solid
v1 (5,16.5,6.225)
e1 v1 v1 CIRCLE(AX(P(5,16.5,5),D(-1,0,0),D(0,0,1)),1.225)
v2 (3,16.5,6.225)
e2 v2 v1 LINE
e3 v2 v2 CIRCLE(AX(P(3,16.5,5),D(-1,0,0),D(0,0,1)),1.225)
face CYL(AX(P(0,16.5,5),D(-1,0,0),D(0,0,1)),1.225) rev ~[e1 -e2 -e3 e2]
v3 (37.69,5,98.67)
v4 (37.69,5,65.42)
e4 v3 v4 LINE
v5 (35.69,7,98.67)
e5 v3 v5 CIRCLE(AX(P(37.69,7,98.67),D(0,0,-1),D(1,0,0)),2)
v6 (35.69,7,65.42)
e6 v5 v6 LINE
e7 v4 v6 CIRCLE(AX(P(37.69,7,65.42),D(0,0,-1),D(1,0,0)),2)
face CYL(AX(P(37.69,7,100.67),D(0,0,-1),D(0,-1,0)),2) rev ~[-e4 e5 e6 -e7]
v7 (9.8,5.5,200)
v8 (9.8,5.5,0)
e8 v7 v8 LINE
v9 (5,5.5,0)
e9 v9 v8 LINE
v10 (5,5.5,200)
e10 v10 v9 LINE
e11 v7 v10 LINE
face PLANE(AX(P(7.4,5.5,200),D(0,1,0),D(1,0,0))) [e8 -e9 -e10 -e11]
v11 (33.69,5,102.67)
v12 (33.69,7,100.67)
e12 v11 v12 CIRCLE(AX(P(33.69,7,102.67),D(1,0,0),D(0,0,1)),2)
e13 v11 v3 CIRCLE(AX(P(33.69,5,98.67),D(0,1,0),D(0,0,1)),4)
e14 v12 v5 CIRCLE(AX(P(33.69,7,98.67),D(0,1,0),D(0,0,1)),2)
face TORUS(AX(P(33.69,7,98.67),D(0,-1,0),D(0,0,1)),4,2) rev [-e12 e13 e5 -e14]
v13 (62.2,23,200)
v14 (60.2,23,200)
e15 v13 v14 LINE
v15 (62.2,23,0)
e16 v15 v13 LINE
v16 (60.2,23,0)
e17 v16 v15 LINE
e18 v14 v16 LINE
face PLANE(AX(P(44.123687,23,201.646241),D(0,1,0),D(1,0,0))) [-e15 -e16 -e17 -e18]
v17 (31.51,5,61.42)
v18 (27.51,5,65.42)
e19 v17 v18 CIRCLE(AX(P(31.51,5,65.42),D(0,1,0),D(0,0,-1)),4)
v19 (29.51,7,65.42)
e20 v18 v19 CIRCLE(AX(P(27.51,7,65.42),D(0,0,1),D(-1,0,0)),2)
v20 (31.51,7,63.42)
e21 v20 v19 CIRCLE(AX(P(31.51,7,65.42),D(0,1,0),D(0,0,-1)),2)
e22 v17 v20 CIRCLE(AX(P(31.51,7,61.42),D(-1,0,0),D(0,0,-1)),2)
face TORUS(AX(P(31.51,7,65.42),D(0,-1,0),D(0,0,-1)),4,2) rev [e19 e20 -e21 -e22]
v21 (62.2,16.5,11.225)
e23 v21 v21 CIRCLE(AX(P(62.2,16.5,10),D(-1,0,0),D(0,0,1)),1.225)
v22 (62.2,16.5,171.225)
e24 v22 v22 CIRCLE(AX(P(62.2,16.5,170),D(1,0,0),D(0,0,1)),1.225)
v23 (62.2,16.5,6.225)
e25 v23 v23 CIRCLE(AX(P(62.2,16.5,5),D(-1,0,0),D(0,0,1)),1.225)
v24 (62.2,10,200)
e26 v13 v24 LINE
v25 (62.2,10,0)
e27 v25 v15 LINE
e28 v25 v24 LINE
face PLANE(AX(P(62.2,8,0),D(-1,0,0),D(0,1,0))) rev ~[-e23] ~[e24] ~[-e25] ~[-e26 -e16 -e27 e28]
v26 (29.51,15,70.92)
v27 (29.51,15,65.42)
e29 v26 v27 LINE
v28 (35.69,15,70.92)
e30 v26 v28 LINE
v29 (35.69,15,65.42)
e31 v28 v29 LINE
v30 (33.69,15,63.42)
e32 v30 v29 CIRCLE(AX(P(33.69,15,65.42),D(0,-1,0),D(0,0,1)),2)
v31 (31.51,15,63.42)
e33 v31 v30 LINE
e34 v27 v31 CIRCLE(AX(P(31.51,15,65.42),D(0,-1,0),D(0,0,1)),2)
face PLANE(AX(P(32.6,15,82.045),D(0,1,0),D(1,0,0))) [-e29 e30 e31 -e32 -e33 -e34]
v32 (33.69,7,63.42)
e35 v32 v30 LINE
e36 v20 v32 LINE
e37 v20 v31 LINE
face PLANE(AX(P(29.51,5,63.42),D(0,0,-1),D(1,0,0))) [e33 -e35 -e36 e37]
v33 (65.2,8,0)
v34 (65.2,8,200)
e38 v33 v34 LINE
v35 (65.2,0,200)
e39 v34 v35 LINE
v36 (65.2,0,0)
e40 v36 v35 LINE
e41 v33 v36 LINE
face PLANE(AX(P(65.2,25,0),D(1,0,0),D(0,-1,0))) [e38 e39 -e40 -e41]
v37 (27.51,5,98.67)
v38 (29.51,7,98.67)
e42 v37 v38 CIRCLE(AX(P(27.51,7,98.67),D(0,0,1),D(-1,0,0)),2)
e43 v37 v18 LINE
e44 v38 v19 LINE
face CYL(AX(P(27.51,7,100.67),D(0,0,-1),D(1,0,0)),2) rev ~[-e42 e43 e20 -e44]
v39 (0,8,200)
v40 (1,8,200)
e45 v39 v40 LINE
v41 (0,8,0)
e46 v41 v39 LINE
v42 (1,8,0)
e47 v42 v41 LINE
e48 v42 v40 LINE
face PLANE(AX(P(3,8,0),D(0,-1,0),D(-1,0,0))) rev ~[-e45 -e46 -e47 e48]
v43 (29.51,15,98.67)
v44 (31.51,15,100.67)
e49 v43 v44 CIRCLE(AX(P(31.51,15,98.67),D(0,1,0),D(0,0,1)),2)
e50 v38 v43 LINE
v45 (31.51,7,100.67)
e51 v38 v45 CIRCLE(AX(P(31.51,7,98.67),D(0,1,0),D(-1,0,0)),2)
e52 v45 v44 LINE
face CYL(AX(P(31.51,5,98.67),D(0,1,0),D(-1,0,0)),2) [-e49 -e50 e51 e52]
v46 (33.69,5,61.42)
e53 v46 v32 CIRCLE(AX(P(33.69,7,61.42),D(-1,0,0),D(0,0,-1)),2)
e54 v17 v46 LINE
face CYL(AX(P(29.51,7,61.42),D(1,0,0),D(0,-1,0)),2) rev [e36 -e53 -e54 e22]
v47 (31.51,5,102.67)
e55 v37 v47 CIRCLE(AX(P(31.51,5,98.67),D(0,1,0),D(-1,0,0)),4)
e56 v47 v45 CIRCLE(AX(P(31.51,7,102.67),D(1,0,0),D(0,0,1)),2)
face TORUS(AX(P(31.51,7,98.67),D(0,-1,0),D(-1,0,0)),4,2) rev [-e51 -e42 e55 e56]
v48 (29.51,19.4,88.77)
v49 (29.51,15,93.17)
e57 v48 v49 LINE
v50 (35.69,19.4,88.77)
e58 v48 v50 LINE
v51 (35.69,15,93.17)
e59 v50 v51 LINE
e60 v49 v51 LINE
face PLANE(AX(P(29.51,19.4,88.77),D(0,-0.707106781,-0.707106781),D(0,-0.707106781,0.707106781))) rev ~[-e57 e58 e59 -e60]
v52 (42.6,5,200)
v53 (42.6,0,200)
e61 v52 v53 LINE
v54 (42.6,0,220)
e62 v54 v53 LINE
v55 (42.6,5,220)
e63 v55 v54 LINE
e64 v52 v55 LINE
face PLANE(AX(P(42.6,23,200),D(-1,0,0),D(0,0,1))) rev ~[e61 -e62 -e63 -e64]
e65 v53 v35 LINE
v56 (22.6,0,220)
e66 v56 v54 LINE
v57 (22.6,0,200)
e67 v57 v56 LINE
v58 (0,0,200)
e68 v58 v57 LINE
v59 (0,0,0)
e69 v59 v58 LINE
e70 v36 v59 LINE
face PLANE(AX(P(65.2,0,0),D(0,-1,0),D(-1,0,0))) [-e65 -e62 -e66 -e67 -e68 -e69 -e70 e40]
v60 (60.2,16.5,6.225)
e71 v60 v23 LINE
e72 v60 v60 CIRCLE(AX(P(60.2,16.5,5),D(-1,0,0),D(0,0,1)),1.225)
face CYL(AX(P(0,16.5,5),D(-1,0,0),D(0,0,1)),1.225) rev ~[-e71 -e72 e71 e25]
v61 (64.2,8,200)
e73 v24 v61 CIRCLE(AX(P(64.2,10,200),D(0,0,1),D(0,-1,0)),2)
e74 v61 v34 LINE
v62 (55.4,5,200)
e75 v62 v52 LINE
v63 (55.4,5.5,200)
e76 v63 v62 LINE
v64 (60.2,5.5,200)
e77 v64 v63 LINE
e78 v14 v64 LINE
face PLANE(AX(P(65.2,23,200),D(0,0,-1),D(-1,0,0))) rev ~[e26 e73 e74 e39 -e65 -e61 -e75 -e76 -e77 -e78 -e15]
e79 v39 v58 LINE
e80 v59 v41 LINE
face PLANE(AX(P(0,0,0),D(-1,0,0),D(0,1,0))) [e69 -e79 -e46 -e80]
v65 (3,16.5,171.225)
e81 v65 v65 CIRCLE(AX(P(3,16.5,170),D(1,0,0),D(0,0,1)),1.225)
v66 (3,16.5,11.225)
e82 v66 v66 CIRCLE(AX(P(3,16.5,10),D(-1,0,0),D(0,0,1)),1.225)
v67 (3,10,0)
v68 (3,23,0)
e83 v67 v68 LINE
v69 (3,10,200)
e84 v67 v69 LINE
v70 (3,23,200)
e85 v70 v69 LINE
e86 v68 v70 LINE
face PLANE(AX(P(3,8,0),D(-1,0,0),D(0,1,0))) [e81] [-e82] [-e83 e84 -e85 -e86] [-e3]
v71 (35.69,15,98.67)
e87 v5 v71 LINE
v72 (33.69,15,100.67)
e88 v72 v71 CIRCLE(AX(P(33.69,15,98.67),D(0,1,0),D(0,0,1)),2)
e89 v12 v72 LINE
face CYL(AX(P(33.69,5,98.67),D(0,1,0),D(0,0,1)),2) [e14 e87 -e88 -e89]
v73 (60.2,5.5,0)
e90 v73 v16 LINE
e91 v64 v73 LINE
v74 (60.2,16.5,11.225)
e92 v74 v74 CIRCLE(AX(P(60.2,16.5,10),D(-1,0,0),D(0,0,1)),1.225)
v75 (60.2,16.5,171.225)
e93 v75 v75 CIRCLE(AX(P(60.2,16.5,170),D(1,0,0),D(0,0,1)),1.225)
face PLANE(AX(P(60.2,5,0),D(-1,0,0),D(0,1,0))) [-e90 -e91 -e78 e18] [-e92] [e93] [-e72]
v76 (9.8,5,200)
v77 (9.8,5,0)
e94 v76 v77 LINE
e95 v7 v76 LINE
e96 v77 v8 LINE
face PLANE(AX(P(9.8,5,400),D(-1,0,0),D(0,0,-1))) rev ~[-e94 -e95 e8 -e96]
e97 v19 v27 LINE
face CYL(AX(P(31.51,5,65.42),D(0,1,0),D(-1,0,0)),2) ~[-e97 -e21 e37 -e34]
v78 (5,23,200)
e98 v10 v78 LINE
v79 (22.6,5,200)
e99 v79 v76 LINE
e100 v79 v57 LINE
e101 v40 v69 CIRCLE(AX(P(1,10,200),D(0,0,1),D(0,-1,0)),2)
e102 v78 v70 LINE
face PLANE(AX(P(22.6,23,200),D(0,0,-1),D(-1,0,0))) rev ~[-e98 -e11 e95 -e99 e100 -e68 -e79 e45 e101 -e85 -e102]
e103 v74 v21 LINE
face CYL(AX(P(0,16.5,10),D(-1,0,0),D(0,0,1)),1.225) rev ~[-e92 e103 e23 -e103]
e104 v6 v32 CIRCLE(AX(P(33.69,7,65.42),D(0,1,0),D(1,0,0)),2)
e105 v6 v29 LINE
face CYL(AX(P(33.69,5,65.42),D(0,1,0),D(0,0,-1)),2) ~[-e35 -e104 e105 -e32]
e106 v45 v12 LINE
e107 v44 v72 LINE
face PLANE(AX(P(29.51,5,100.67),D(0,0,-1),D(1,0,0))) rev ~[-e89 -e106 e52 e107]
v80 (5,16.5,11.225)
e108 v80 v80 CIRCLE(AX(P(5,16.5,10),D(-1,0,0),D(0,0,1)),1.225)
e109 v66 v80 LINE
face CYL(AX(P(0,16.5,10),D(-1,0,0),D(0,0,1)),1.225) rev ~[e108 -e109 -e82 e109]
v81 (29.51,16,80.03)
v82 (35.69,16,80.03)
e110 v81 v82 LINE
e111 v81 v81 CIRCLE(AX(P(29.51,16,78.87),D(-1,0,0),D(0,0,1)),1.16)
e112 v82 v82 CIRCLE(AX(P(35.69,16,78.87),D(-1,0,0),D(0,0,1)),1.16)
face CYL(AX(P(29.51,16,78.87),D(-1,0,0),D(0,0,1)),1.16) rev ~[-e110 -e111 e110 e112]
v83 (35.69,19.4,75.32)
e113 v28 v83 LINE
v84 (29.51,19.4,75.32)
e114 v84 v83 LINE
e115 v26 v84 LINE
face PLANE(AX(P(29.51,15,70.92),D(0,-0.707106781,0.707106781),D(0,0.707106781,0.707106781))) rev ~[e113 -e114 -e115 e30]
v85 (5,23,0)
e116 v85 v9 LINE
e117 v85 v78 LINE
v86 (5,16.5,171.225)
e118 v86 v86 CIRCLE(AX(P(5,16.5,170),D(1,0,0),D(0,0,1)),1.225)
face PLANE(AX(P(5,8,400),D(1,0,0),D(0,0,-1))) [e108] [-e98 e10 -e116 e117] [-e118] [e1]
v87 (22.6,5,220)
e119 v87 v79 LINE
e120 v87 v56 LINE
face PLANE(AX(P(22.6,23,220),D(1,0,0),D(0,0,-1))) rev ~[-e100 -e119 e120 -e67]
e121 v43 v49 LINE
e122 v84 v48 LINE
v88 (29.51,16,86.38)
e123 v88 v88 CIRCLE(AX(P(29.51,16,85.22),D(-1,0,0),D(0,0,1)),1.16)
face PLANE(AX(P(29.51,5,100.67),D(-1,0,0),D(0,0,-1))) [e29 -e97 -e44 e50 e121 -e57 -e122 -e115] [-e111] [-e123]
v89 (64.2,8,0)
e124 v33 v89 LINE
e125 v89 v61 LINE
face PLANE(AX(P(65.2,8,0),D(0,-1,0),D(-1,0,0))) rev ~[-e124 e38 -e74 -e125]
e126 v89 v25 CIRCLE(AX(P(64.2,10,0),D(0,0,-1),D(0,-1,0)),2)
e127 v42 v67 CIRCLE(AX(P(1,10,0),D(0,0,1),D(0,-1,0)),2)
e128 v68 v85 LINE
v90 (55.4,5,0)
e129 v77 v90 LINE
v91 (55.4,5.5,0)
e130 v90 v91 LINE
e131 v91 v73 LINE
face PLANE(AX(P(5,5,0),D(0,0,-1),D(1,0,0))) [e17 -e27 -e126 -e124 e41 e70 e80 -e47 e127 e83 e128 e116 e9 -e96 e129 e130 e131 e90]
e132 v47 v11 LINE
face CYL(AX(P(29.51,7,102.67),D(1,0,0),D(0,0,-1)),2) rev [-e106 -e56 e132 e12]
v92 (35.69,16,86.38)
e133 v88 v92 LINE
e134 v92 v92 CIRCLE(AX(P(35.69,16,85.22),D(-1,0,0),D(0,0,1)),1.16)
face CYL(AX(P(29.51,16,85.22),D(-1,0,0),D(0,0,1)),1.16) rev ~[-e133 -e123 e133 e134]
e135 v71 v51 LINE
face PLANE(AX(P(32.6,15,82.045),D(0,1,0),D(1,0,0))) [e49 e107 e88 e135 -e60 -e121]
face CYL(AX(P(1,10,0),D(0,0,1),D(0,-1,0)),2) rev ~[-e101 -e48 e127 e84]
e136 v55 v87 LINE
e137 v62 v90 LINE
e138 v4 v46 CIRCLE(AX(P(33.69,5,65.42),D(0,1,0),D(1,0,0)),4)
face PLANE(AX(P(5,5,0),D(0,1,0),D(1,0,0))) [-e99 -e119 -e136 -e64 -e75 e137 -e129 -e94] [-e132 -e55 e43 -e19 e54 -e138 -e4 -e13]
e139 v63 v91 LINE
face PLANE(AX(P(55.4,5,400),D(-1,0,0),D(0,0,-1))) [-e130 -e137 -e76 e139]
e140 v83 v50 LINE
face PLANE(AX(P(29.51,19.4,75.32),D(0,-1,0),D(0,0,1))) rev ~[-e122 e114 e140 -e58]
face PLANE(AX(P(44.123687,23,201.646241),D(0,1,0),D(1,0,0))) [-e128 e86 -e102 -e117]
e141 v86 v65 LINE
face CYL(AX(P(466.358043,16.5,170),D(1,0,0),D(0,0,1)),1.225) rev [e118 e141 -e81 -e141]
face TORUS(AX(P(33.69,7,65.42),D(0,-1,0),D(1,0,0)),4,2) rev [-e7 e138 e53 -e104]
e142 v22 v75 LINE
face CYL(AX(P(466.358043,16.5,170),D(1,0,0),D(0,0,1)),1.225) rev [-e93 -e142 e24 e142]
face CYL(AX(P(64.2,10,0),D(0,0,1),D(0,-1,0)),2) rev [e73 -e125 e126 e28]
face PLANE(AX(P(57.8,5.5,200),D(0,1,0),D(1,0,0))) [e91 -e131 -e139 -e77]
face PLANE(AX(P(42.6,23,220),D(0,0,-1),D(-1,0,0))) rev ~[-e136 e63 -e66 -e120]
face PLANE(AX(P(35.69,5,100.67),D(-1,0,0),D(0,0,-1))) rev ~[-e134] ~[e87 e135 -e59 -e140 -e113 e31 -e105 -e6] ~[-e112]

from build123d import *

# Parameters (mm, degrees)
BOSS_EXTRUDE1_DEPTH      = 400
SKETCH2_R                = 2.1
CUT_EXTRUDE3_DEPTH       = 10
SKETCH3_W                = 158.039132068
SKETCH3_H                = 497.98789011
CUT_EXTRUDE4_DEPTH       = 2
SKETCH4_W                = 4.8
SKETCH4_H                = 400
BOSS_EXTRUDE2_DEPTH      = 8
SKETCH5_R                = 1.2
CUT_EXTRUDE9_DEPTH       = 406.158043237
SKETCH9_R                = 1.225
CUT_EXTRUDE10_DEPTH      = 406.931077894
SKETCH10_W               = 4.8
SKETCH10_H               = 400
CUT_EXTRUDE11_DEPTH      = 5
BOSS_EXTRUDE3_START      = -15
SKETCH12_R               = 2.1
BOSS_EXTRUDE3_DEPTH      = 15
SKETCH13_W               = 6.18
SKETCH13_H               = 37.25
BOSS_EXTRUDE5_DEPTH      = 10
BOSS_EXTRUDE6_DEPTH      = 6.18
SKETCH15_R               = 1.05
CUT_EXTRUDE12_DEPTH      = 10
FILLET1_R                = 2
SKETCH16_W               = 4.8
SKETCH16_H               = 400
CUT_EXTRUDE13_DEPTH      = 2.5
CUT_EXTRUDE14_REACH      = 404.247
SKETCH17_R               = 1.16
CUT_EXTRUDE16_DEPTH      = 406.158043237
CUT_EXTRUDE16_DEPTH_BACK = 406.158043237
SKETCH18_R               = 1.225
CUT_EXTRUDE17_DEPTH      = 406.158043237
CUT_EXTRUDE17_DEPTH_BACK = 406.158043237
SKETCH20_R               = 1.225
SKETCH22_W               = 3
SKETCH22_H               = 15
CUT_EXTRUDE18_DEPTH      = 406.931077894
FILLET2_R                = 2
FILLET3_R                = 2
SKETCH24_W               = 3
SKETCH24_H               = 200
SKETCH24_W_2             = 2
CUT_EXTRUDE20_DEPTH      = 406.931077894


with BuildPart() as part:
    # Sketch1 → Boss-Extrude1 (new body)
    with BuildSketch(Plane.XY):
        Polygon((0, 0), (0, 25), (5, 25), (5, 5), (60.2, 5), (60.2, 25), (65.2, 25), (65.2, 0), align=None)
    extrude(amount=BOSS_EXTRUDE1_DEPTH)

    # Sketch2 → Cut-Extrude3 (cut)
    with BuildSketch(Plane(origin=(0, 5, 0), x_dir=(1, 0, 0), z_dir=(0, 1, 0))):
        with Locations(Location((32.6, -67.17, 0), (0, 0, 270))):
            Circle(SKETCH2_R)
        with Locations(Location((32.6, -96.92, 0), (0, 0, 270))):
            Circle(SKETCH2_R)
    extrude(amount=-CUT_EXTRUDE3_DEPTH, mode=Mode.SUBTRACT)

    # Sketch3 → Cut-Extrude4 (cut)
    with BuildSketch(Plane(origin=(0, 25, 0), x_dir=(1, 0, 0), z_dir=(0, 1, 0))):
        with Locations((44.123686713, -201.646240959)):
            Rectangle(SKETCH3_W, SKETCH3_H)
    extrude(amount=-CUT_EXTRUDE4_DEPTH, mode=Mode.SUBTRACT)

    # Sketch4 → Boss-Extrude2 (add)
    with BuildSketch(Plane(origin=(0, 5, 0), x_dir=(1, 0, 0), z_dir=(0, 1, 0))):
        with Locations((7.4, -200)):
            Rectangle(SKETCH4_W, SKETCH4_H)
        with Locations((57.8, -200)):
            Rectangle(SKETCH4_W, SKETCH4_H)
    extrude(amount=BOSS_EXTRUDE2_DEPTH)

    # Sketch5 → Cut-Extrude9 (cut, through all)
    with BuildSketch(Plane(origin=(5, 0, 0), x_dir=(0, 0, -1), z_dir=(1, 0, 0))):
        with Locations(Location((-395, 16.5, 0), (0, 0, 90))):
            Circle(SKETCH5_R)
        with Locations(Location((-390, 16.5, 0), (0, 0, 90))):
            Circle(SKETCH5_R)
        with Locations(Location((-10, 16.5, 0), (0, 0, 90))):
            Circle(SKETCH5_R)
        with Locations(Location((-5, 16.5, 0), (0, 0, 90))):
            Circle(SKETCH5_R)
    extrude(amount=-CUT_EXTRUDE9_DEPTH, mode=Mode.SUBTRACT)

    # Sketch9 → Cut-Extrude10 (cut, through all)
    with BuildSketch(Plane.ZY):
        with Locations((5, 16.5)):
            Circle(SKETCH9_R)
        with Locations((10, 16.5)):
            Circle(SKETCH9_R)
        with Locations((390, 16.5)):
            Circle(SKETCH9_R)
        with Locations((395, 16.5)):
            Circle(SKETCH9_R)
    extrude(amount=-CUT_EXTRUDE10_DEPTH, mode=Mode.SUBTRACT)

    # Sketch10 → Cut-Extrude11 (cut)
    with BuildSketch(Plane(origin=(0, 13, 0), x_dir=(1, 0, 0), z_dir=(0, 1, 0))):
        with Locations((7.4, -200)):
            Rectangle(SKETCH10_W, SKETCH10_H)
        with Locations((57.8, -200)):
            Rectangle(SKETCH10_W, SKETCH10_H)
    extrude(amount=-CUT_EXTRUDE11_DEPTH, mode=Mode.SUBTRACT)

    # Sketch12 → Boss-Extrude3 (add)
    with BuildSketch(Plane.XZ.offset(BOSS_EXTRUDE3_START)):
        with Locations(Location((32.6, 96.92, 0), (0, 0, 270))):
            Circle(SKETCH12_R)
        with Locations(Location((32.6, 67.17, 0), (0, 0, 270))):
            Circle(SKETCH12_R)
    extrude(amount=BOSS_EXTRUDE3_DEPTH)

    # Sketch13 → Boss-Extrude5 (add)
    with BuildSketch(Plane(origin=(0, 5, 0), x_dir=(1, 0, 0), z_dir=(0, 1, 0))):
        with Locations((32.6, -82.045)):
            Rectangle(SKETCH13_W, SKETCH13_H)
    extrude(amount=BOSS_EXTRUDE5_DEPTH)

    # Sketch14 → Boss-Extrude6 (add)
    with BuildSketch(Plane.ZY.offset(-29.51)):
        Polygon((70.92, 15), (75.32, 19.4), (88.77, 19.4), (93.17, 15), align=None)
    extrude(amount=-BOSS_EXTRUDE6_DEPTH)

    # Sketch15 → Cut-Extrude12 (cut)
    with BuildSketch(Plane.ZY.offset(-29.51)):
        with Locations((78.87, 16)):
            Circle(SKETCH15_R)
        with Locations((85.22, 16)):
            Circle(SKETCH15_R)
    extrude(amount=-CUT_EXTRUDE12_DEPTH, mode=Mode.SUBTRACT)

    # Fillet1
    fillet1_edges = [part.edges().sort_by_distance(p)[0] for p in [
        (29.51, 5, 82.045),
        (29.51, 10, 63.42),
        (32.6, 5, 100.67),
        (29.51, 10, 100.67),
        (35.69, 5, 82.045),
        (35.69, 10, 100.67),
        (32.6, 5, 63.42),
        (35.69, 10, 63.42),
    ]]
    fillet(fillet1_edges, radius=FILLET1_R)

    # Sketch16 → Cut-Extrude13 (cut)
    with BuildSketch(Plane(origin=(0, 8, 0), x_dir=(1, 0, 0), z_dir=(0, 1, 0))):
        with Locations((7.4, -200)):
            Rectangle(SKETCH16_W, SKETCH16_H)
        with Locations((57.8, -200)):
            Rectangle(SKETCH16_W, SKETCH16_H)
    extrude(amount=-CUT_EXTRUDE13_DEPTH, mode=Mode.SUBTRACT)

    # Sketch17 → Cut-Extrude14 (cut, up to next)
    with BuildSketch(Plane.ZY.offset(-29.51), mode=Mode.PRIVATE) as cut_extrude14_sk1:
        with Locations((78.87, 16)):
            Circle(SKETCH17_R)
    cut_extrude14_tool1 = extrude(cut_extrude14_sk1.sketch, amount=-CUT_EXTRUDE14_REACH, mode=Mode.PRIVATE) & part.part
    # Sketch17 → Cut-Extrude14 (cut, up to next)
    with BuildSketch(Plane.ZY.offset(-29.51), mode=Mode.PRIVATE) as cut_extrude14_sk2:
        with Locations((85.22, 16)):
            Circle(SKETCH17_R)
    cut_extrude14_tool2 = extrude(cut_extrude14_sk2.sketch, amount=-CUT_EXTRUDE14_REACH, mode=Mode.PRIVATE) & part.part
    add(cut_extrude14_tool1.solids().sort_by_distance((29.51, 16, 78.87))[0], mode=Mode.SUBTRACT)
    add(cut_extrude14_tool2.solids().sort_by_distance((29.51, 16, 85.22))[0], mode=Mode.SUBTRACT)

    # Sketch18 → Cut-Extrude16 (cut, two sides: drawn at the far end of the back side and taken through both)
    with BuildSketch(Plane.ZY.offset(-60.2).offset(-CUT_EXTRUDE16_DEPTH_BACK)):
        with Locations((170, 16.5)):
            Circle(SKETCH18_R)
    extrude(amount=CUT_EXTRUDE16_DEPTH + CUT_EXTRUDE16_DEPTH_BACK, mode=Mode.SUBTRACT)

    # Sketch20 → Cut-Extrude17 (cut, two sides: drawn at the far end of the back side and taken through both)
    with BuildSketch(Plane.ZY.offset(-60.2).offset(-CUT_EXTRUDE17_DEPTH_BACK)):
        with Locations((230, 16.5)):
            Circle(SKETCH20_R)
    extrude(amount=CUT_EXTRUDE17_DEPTH + CUT_EXTRUDE17_DEPTH_BACK, mode=Mode.SUBTRACT)

    # Sketch22 → Cut-Extrude18 (cut, through all)
    with BuildSketch(Plane(origin=(0, 0, 0), x_dir=(-1, 0, 0), z_dir=(0, 0, -1))):
        with Locations((-63.7, 15.5)):
            Rectangle(SKETCH22_W, SKETCH22_H)
        with Locations((-1.5, 15.5)):
            Rectangle(SKETCH22_W, SKETCH22_H)
    extrude(amount=-CUT_EXTRUDE18_DEPTH, mode=Mode.SUBTRACT)

    # Fillet2
    fillet2_edges = [part.edges().sort_by_distance(p)[0] for p in [
        (62.2, 8, 200),
    ]]
    fillet(fillet2_edges, radius=FILLET2_R)

    # Fillet3
    fillet3_edges = [part.edges().sort_by_distance(p)[0] for p in [
        (3, 8, 200),
    ]]
    fillet(fillet3_edges, radius=FILLET3_R)

    # Sketch24 → Cut-Extrude20 (cut, through all)
    with BuildSketch(Plane(origin=(0, 23, 0), x_dir=(1, 0, 0), z_dir=(0, 1, 0))):
        Polygon((22.6, -200), (0, -200), (0, -400), (60.2, -400), (60.2, -200), (42.6, -200), (42.6, -220), (22.6, -220), align=None)
        with Locations((63.7, -300)):
            Rectangle(SKETCH24_W, SKETCH24_H)
        with Locations((61.2, -300)):
            Rectangle(SKETCH24_W_2, SKETCH24_H)
    extrude(amount=-CUT_EXTRUDE20_DEPTH, mode=Mode.SUBTRACT)


solid = part.part
